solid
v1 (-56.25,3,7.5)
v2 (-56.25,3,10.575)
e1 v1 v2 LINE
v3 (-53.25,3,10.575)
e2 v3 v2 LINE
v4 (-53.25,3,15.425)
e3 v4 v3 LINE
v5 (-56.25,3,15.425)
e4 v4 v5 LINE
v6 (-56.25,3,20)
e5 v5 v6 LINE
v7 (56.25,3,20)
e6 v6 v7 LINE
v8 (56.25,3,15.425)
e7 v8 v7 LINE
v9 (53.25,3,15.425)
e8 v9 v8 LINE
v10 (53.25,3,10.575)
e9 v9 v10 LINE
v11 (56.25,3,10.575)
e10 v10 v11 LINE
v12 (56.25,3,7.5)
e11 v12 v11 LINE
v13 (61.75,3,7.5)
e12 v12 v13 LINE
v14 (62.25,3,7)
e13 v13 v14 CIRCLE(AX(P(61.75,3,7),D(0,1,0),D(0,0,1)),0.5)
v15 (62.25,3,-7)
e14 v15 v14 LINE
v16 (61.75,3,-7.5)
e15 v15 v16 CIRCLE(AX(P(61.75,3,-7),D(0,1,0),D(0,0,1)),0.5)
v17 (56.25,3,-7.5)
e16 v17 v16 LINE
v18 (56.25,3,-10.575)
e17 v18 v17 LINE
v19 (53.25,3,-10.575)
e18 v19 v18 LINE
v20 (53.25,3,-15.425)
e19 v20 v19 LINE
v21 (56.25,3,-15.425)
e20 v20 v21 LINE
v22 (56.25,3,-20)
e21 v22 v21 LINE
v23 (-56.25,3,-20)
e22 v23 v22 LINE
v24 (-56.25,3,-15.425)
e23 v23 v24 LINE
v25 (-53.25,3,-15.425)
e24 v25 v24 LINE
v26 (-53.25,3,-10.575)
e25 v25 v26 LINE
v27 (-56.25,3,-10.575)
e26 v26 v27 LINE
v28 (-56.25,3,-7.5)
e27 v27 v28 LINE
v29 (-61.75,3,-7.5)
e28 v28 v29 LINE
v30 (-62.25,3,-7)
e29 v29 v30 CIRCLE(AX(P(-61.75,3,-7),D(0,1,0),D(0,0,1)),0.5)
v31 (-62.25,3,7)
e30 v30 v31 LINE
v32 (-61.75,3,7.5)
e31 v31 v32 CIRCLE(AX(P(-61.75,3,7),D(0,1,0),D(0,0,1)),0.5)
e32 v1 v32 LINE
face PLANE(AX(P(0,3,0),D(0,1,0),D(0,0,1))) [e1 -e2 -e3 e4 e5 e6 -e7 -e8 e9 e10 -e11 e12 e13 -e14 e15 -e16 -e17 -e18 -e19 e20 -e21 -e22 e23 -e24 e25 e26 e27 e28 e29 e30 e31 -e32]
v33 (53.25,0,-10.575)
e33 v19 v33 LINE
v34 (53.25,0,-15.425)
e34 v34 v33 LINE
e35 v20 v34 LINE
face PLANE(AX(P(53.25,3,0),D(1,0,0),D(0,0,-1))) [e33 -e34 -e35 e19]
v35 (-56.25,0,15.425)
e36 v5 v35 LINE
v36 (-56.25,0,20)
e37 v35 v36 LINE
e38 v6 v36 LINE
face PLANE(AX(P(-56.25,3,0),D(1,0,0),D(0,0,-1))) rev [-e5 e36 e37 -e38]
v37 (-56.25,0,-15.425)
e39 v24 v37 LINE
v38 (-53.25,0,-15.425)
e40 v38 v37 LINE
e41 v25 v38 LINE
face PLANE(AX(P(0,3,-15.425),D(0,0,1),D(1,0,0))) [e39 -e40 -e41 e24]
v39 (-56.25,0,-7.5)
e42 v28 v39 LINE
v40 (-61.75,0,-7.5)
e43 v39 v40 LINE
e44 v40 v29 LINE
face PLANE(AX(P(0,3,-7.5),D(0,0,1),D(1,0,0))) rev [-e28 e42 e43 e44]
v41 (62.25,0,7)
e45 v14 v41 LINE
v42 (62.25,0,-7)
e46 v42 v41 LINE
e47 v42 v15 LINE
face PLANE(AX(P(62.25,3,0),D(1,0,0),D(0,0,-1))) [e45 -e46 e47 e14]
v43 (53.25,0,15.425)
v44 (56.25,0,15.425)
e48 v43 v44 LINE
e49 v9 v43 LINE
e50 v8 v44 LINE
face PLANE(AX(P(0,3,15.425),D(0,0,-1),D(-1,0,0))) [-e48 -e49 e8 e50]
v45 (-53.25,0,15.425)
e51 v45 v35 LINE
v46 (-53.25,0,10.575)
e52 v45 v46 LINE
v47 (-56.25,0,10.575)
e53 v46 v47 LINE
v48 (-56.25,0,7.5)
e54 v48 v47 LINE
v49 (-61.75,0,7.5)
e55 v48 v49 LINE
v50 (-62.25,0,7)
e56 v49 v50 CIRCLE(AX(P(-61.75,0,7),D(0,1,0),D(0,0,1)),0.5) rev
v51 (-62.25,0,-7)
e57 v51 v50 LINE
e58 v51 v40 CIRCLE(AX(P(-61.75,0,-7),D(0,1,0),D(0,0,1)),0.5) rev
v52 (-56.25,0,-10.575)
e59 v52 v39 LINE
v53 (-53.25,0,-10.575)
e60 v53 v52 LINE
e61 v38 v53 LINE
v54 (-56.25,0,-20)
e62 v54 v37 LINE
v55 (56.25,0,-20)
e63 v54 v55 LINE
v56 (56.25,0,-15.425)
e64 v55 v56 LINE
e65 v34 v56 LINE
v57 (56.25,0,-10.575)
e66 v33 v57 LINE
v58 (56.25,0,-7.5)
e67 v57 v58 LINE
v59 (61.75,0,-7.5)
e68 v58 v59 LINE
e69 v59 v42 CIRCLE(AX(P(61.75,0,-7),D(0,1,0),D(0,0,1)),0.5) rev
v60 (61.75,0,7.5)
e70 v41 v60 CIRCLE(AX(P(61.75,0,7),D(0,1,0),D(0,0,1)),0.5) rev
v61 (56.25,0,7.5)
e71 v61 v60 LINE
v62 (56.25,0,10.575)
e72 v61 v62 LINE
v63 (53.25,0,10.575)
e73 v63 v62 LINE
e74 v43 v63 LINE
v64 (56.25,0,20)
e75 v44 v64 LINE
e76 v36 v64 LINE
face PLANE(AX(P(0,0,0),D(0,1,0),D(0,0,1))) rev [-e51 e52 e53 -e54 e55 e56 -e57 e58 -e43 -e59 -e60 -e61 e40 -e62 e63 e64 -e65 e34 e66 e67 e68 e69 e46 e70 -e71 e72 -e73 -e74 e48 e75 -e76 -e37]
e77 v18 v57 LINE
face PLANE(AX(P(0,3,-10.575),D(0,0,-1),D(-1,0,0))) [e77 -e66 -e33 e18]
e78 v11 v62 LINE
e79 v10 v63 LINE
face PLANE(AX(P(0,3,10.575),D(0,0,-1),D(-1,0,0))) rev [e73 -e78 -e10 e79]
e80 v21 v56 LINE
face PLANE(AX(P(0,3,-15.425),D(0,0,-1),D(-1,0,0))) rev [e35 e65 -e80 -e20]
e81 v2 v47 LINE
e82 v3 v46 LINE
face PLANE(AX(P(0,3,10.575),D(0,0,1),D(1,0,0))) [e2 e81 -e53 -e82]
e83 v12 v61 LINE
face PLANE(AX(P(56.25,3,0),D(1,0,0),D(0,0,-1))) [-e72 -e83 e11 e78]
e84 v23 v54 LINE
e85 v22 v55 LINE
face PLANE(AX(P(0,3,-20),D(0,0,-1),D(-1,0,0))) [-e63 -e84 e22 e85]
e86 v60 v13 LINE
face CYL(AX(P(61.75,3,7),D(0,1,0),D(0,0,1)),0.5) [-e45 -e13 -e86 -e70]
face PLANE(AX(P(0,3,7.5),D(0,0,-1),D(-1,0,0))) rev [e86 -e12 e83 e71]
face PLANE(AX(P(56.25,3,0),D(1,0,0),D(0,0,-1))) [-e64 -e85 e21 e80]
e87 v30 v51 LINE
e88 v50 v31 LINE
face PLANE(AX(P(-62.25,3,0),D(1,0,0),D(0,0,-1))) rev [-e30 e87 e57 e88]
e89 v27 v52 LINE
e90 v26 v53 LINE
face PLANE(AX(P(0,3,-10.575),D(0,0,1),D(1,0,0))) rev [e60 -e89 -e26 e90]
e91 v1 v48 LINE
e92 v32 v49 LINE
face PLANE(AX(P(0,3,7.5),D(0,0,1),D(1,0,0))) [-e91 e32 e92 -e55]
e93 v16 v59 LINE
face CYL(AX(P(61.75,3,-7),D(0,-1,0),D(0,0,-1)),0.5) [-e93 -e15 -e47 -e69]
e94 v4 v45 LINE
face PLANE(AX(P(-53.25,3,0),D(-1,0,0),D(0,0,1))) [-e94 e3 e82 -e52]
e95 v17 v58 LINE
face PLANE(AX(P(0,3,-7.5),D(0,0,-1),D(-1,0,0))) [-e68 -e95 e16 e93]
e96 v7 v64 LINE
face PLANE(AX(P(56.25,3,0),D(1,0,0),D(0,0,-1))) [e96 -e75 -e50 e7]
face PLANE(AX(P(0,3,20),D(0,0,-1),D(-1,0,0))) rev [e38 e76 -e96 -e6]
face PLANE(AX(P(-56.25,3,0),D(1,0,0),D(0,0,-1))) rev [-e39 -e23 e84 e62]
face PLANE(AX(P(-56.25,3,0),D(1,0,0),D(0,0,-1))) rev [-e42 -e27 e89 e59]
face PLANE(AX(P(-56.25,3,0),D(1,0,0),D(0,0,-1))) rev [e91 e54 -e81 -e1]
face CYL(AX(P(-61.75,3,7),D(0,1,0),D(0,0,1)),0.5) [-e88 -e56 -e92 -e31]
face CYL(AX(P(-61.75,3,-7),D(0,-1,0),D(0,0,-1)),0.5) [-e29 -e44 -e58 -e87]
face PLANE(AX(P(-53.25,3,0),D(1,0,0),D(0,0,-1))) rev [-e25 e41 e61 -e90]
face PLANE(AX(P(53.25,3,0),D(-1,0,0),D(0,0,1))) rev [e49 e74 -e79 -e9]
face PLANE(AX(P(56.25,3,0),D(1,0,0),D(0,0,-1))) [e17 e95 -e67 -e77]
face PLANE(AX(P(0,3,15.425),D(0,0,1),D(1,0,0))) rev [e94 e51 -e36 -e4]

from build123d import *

# Parameters (mm, degrees)
EXTRUDE_1_DEPTH = 3
FILLET_1_R      = 0.5


with BuildPart() as part:
    # Эскиз1 → Бобышка-Вытянуть1 (new body)
    with BuildSketch(Plane(origin=(0, 0, 0), x_dir=(1, 0, 0), z_dir=(0, 1, 0))):
        Polygon((56.25, 20), (-56.25, 20), (-56.25, 15.425), (-53.25, 15.425), (-53.25, 10.575), (-56.25, 10.575), (-56.25, 7.5), (-62.25, 7.5), (-62.25, -7.5), (-56.25, -7.5), (-56.25, -10.575), (-53.25, -10.575), (-53.25, -15.425), (-56.25, -15.425), (-56.25, -20), (56.25, -20), (56.25, -15.425), (53.25, -15.425), (53.25, -10.575), (56.25, -10.575), (56.25, -7.5), (62.25, -7.5), (62.25, 7.5), (56.25, 7.5), (56.25, 10.575), (53.25, 10.575), (53.25, 15.425), (56.25, 15.425), align=None)
    extrude(amount=EXTRUDE_1_DEPTH)

    # Скругление1
    fillet_1_edges = [part.edges().sort_by_distance(p)[0] for p in [
        (-62.25, 1.5, 7.5),
        (-62.25, 1.5, -7.5),
        (62.25, 1.5, -7.5),
        (62.25, 1.5, 7.5),
    ]]
    fillet(fillet_1_edges, radius=FILLET_1_R)


solid = part.part
